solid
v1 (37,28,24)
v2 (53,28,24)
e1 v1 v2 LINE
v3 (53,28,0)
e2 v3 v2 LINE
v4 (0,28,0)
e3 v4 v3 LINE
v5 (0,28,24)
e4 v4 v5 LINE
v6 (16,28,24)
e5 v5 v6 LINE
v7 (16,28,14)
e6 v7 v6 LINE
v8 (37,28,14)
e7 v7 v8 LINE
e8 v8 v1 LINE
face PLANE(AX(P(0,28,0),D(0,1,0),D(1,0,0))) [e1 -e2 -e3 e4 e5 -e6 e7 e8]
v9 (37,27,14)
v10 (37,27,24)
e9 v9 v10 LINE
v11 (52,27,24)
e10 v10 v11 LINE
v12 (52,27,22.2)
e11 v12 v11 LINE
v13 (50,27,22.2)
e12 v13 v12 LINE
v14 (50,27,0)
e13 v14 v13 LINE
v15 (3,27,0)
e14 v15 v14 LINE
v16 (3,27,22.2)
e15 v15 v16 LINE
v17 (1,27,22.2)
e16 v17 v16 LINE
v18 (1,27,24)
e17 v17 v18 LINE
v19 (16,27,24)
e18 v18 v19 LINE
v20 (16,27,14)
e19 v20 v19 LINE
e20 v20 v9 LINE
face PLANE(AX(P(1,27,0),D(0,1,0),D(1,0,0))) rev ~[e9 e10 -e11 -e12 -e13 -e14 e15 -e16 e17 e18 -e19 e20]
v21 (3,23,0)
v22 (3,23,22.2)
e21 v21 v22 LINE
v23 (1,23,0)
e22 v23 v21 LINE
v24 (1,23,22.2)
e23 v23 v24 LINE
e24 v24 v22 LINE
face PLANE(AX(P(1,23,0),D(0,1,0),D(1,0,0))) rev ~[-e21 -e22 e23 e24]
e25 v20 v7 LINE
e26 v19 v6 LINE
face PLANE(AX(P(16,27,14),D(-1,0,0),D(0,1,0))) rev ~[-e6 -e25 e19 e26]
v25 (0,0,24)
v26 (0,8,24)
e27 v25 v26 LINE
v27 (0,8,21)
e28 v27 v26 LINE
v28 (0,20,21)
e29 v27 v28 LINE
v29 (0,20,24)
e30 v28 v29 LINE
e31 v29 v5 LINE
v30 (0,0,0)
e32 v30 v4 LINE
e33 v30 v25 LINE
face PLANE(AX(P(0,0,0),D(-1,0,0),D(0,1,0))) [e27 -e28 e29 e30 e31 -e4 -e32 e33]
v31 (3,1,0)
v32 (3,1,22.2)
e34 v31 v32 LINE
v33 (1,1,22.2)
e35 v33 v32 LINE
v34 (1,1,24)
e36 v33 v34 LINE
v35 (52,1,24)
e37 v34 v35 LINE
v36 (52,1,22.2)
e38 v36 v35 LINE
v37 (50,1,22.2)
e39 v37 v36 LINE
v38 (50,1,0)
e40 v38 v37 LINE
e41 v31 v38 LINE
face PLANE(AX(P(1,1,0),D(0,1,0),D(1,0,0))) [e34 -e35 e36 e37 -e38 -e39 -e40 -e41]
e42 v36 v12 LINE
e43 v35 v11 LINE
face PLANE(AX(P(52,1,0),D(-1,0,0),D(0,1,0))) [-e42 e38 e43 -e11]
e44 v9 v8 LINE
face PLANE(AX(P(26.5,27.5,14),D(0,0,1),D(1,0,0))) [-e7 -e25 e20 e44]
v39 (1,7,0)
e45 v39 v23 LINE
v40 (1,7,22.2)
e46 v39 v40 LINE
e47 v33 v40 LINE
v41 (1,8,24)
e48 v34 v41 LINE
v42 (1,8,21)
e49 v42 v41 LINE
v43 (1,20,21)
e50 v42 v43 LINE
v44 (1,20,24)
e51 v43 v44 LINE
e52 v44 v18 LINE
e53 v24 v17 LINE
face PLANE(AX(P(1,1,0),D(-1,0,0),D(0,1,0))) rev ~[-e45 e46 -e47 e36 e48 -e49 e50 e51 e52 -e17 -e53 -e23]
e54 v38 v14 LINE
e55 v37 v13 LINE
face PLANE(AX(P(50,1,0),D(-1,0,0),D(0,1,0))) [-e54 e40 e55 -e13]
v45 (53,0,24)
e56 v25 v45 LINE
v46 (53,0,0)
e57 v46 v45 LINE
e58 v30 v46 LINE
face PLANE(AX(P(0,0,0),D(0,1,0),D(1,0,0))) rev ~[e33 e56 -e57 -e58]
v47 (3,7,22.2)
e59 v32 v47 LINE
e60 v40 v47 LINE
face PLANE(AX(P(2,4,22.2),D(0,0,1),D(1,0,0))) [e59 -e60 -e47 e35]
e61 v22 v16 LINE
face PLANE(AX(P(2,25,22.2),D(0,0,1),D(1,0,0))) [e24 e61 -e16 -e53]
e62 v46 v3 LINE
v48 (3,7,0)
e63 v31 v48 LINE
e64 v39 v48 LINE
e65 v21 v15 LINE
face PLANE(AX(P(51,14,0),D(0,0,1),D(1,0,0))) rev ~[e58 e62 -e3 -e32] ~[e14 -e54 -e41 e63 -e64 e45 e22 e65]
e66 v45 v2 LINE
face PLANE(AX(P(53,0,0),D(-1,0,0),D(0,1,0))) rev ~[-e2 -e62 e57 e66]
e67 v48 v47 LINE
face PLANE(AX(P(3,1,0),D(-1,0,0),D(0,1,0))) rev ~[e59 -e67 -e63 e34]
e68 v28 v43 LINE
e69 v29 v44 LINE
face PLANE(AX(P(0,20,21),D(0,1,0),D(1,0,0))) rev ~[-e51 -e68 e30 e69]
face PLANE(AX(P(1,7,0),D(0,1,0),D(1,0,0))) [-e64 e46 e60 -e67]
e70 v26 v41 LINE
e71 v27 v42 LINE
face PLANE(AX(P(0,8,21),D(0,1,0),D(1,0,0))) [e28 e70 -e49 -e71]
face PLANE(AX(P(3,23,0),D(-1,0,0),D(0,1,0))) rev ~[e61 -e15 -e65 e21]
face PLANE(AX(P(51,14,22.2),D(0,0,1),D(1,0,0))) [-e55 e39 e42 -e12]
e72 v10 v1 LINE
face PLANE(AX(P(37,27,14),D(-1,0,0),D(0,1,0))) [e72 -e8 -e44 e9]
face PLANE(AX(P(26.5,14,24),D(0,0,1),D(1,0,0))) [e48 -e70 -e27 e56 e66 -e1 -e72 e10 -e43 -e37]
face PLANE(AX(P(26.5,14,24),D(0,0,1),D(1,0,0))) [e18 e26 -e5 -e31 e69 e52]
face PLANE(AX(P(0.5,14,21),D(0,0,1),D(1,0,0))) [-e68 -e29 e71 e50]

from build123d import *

# Parameters (mm, degrees)
BOX006_W     = 1
BOX006_H     = 12
BOX006_DEPTH = 3
BOX005_W     = 21
BOX005_H     = 1
BOX005_DEPTH = 10
BOX004_W     = 2
BOX004_H     = 26
BOX004_DEPTH = 22.2
BOX002_W     = 2
BOX002_H     = 4
BOX002_DEPTH = 22.2
BOX001_W     = 51
BOX001_H     = 26
BOX001_DEPTH = 24
BOX_W        = 53
BOX_H        = 28
BOX_DEPTH    = 24
BOX003_W     = 2
BOX003_H     = 6
BOX003_DEPTH = 22.2


with BuildPart() as connectorcutout:
    # Box006 → Box006 (new body)
    with BuildSketch(Plane(origin=(0, 8, 21), x_dir=(1, 0, 0), z_dir=(0, 0, 1))):
        with Locations((0.5, 6)):
            Rectangle(BOX006_W, BOX006_H)
    extrude(amount=BOX006_DEPTH)


with BuildPart() as cube:
    # Box005 → Box005 (new body)
    with BuildSketch(Plane(origin=(16, 27, 14), x_dir=(1, 0, 0), z_dir=(0, 0, 1))):
        with Locations((10.5, 0.5)):
            Rectangle(BOX005_W, BOX005_H)
    extrude(amount=BOX005_DEPTH)


with BuildPart() as rightsupport:
    # Box004 → Box004 (new body)
    with BuildSketch(Plane(origin=(50, 1, 0), x_dir=(1, 0, 0), z_dir=(0, 0, 1))):
        with Locations((1, 13)):
            Rectangle(BOX004_W, BOX004_H)
    extrude(amount=BOX004_DEPTH)


with BuildPart() as topleftsupport:
    # Box002 → Box002 (new body)
    with BuildSketch(Plane(origin=(1, 23, 0), x_dir=(1, 0, 0), z_dir=(0, 0, 1))):
        with Locations((1, 2)):
            Rectangle(BOX002_W, BOX002_H)
    extrude(amount=BOX002_DEPTH)


with BuildPart() as inside:
    # Box001 → Box001 (new body)
    with BuildSketch(Plane(origin=(1, 1, 0), x_dir=(1, 0, 0), z_dir=(0, 0, 1))):
        with Locations((25.5, 13)):
            Rectangle(BOX001_W, BOX001_H)
    extrude(amount=BOX001_DEPTH)


with BuildPart() as fusion:
    # Box → Box (new body)
    with BuildSketch(Plane.XY):
        with Locations((26.5, 14)):
            Rectangle(BOX_W, BOX_H)
    extrude(amount=BOX_DEPTH)

    # Cut: cut Inside
    add(inside.part, mode=Mode.SUBTRACT)

    # Fusion: union topleftsupport
    add(topleftsupport.part)


with BuildPart() as cut002:
    # Box003 → Box003 (new body)
    with BuildSketch(Plane(origin=(1, 1, 0), x_dir=(1, 0, 0), z_dir=(0, 0, 1))):
        with Locations((1, 3)):
            Rectangle(BOX003_W, BOX003_H)
    extrude(amount=BOX003_DEPTH)

    # Fusion001: union Fusion
    add(fusion.part)

    # Fusion002: union rightsupport
    add(rightsupport.part)

    # Cut001: cut Cube
    add(cube.part, mode=Mode.SUBTRACT)

    # Cut002: cut ConnectorCutout
    add(connectorcutout.part, mode=Mode.SUBTRACT)


solid = cut002.part
